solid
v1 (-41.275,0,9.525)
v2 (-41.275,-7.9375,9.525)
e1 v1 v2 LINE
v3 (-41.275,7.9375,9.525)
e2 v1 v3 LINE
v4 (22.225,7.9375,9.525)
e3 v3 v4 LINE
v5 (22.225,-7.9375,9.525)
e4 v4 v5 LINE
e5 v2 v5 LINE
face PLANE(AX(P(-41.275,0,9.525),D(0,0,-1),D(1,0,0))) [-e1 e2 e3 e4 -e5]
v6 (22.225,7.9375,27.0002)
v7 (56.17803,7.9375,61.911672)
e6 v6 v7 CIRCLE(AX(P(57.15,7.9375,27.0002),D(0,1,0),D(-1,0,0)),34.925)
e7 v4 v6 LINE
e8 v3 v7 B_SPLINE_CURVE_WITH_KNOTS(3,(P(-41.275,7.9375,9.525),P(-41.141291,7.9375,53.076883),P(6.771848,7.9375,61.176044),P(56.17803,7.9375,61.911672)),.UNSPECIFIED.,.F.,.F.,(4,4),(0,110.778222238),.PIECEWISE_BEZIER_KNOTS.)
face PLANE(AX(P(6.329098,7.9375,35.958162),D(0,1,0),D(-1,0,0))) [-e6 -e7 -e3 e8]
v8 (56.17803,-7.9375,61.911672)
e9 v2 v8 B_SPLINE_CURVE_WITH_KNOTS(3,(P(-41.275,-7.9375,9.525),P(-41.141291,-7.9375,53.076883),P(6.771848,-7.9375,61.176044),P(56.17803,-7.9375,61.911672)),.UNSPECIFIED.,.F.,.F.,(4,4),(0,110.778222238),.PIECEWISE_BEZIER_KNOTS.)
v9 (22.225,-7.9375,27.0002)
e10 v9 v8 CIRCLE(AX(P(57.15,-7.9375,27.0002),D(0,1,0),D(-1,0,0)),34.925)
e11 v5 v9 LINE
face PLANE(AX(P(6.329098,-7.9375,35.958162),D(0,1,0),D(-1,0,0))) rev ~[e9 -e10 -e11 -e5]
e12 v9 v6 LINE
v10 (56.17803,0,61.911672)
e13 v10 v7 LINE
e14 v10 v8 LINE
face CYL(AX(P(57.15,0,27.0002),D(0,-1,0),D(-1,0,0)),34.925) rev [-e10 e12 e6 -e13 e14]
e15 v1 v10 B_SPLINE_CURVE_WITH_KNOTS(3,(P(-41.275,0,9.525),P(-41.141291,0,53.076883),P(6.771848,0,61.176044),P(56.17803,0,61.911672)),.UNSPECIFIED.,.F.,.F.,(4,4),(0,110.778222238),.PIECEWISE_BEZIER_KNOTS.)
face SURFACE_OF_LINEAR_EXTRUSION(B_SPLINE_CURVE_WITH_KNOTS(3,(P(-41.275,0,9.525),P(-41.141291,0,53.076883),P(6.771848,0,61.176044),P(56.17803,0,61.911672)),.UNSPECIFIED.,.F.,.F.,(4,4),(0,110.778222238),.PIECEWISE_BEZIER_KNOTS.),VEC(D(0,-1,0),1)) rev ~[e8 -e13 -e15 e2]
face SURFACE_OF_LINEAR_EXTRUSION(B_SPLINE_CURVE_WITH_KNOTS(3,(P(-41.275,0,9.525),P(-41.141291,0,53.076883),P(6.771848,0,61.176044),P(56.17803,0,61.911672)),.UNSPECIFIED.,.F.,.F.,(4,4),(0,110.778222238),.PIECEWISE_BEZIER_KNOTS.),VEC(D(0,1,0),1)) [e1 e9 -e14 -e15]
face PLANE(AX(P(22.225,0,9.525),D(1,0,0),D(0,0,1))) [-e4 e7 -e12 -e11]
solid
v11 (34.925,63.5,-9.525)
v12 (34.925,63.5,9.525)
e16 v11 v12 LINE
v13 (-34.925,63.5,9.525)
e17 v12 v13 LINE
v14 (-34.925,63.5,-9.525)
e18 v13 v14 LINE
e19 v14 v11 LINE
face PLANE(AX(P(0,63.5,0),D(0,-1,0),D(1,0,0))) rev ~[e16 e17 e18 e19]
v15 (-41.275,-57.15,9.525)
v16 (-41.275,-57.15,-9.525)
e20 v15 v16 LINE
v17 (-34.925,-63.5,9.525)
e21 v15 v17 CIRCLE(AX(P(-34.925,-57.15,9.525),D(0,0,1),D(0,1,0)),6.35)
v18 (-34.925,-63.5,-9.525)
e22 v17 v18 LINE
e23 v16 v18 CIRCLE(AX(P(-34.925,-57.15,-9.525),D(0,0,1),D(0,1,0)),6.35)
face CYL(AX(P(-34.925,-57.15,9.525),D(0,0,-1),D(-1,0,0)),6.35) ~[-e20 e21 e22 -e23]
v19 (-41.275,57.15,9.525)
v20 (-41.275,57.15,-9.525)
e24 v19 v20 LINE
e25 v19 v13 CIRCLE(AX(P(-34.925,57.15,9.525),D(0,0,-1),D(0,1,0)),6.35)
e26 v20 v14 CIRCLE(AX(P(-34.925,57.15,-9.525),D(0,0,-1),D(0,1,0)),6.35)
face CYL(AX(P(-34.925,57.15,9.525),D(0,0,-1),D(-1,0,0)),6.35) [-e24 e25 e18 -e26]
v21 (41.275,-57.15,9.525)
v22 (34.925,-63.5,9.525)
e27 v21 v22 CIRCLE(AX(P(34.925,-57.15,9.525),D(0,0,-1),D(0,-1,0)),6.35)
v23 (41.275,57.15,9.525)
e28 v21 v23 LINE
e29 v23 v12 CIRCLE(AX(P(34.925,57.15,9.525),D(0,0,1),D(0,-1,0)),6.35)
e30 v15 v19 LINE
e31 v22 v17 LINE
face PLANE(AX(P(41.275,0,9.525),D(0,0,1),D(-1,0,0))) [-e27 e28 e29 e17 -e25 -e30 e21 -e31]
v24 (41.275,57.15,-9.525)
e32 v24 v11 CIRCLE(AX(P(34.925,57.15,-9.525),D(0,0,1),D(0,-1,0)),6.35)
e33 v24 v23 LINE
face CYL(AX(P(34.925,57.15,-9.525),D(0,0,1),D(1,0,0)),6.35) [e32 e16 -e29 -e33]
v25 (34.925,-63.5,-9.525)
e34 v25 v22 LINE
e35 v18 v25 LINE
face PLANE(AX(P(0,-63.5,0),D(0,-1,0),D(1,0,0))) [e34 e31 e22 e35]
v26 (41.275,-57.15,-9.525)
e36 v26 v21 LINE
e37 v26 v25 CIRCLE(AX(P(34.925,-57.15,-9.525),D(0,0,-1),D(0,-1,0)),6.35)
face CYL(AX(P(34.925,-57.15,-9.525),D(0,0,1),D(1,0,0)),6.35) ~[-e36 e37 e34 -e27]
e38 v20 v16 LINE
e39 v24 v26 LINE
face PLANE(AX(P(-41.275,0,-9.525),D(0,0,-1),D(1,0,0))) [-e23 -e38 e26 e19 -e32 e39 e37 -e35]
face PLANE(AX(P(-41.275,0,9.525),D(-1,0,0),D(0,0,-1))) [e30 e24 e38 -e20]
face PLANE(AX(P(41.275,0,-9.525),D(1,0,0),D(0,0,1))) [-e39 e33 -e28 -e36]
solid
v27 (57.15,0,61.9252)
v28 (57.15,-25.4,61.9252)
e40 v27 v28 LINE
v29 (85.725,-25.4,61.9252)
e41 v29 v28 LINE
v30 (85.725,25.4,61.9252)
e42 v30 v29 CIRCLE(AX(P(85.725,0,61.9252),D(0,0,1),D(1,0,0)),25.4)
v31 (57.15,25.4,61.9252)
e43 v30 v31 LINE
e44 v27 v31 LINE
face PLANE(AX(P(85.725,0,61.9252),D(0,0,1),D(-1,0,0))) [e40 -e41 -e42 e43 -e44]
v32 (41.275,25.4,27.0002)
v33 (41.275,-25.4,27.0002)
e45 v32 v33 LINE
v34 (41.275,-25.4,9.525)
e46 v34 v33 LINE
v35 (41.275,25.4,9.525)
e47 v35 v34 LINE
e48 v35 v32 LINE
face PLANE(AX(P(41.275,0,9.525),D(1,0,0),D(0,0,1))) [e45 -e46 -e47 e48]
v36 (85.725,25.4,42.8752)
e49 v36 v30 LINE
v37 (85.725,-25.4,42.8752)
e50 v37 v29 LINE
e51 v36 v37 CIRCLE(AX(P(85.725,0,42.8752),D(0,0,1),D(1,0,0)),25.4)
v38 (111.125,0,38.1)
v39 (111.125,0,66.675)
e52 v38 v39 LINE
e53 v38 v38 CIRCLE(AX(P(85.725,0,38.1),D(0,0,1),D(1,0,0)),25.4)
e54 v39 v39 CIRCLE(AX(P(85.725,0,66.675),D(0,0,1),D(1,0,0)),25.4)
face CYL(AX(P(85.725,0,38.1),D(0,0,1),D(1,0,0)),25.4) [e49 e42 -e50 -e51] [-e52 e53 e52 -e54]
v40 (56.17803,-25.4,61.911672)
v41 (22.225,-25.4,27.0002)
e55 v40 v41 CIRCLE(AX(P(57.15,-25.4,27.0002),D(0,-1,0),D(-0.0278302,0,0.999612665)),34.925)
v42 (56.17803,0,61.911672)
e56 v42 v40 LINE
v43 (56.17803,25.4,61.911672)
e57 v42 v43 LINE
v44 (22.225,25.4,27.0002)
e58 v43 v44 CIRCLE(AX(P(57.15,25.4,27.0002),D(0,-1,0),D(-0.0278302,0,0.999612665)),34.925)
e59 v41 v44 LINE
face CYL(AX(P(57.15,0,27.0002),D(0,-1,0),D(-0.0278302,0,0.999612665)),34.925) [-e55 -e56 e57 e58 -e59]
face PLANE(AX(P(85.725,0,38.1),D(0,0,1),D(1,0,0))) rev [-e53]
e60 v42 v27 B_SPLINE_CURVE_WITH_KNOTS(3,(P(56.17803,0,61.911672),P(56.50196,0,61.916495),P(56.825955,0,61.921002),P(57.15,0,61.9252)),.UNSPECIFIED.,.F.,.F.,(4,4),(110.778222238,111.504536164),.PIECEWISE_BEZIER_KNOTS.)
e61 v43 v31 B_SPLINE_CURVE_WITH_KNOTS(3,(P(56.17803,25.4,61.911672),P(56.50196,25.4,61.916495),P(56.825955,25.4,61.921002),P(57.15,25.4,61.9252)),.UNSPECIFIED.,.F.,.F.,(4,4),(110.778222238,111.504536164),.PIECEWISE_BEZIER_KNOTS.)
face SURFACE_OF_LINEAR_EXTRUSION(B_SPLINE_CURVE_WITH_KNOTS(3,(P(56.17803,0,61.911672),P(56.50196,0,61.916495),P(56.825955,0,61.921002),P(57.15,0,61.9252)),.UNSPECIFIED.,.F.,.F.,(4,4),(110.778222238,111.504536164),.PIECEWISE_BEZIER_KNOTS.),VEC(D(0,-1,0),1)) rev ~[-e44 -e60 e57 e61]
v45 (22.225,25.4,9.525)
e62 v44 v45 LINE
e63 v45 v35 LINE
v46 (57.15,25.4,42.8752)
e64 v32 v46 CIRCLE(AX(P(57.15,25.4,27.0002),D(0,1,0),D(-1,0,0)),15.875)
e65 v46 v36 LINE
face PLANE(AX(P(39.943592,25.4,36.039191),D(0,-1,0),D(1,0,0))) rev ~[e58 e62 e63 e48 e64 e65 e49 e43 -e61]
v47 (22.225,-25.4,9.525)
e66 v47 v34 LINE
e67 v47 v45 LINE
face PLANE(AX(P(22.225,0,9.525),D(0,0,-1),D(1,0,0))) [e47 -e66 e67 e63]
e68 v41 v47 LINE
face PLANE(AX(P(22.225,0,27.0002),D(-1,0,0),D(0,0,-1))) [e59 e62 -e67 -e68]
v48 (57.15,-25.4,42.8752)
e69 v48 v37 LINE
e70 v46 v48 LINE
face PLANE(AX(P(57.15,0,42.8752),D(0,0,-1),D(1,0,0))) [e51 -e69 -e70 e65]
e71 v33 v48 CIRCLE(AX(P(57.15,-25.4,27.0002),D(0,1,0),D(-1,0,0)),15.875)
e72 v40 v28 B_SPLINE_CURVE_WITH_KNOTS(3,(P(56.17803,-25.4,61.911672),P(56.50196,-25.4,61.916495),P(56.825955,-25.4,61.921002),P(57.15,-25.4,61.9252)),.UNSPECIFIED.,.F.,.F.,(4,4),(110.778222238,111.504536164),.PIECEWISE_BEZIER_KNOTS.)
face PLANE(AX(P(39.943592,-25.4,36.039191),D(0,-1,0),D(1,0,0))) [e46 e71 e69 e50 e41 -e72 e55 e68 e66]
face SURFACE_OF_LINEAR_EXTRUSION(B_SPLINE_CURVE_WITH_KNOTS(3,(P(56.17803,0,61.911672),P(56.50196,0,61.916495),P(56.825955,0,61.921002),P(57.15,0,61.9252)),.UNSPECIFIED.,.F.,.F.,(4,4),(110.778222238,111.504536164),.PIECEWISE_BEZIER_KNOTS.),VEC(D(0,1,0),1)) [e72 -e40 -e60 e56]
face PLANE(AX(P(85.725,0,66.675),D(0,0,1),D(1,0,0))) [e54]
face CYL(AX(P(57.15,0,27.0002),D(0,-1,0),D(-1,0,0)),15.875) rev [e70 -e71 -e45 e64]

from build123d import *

# Parameters (mm, degrees)
F1_DEPTH = 63.5
F0_W     = 25.4
F0_H     = 19.05
F2_DEPTH = 25.4
F3_DEPTH = 7.9375
F5_R     = 6.35


with BuildPart() as f1:
    # F0 (on Front) → F1 (new body, symmetric)
    with BuildSketch(Plane.XZ):
        Polygon((-41.275, 9.525), (-41.275, -9.525), (41.275, -9.525), (41.275, 9.525), (22.225, 9.525), align=None)
    extrude(amount=F1_DEPTH, both=True)

    # F5
    f5_edges = [f1.edges().sort_by_distance(p)[0] for p in [
        (-41.275, -63.5, 0),
        (41.275, -63.5, 0),
        (41.275, 63.5, 0),
        (-41.275, 63.5, 0),
    ]]
    fillet(f5_edges, radius=F5_R)


with BuildPart() as f2:
    # F0 (on Front) → F2 (new body, symmetric)
    with BuildSketch(Plane.XZ):
        with BuildLine():
            Line((22.225, 9.525), (41.275, 9.525))
            Line((41.275, 9.525), (41.275, 27.0002))
            ThreePointArc((41.275, 27.0002), (45.9246798487, 38.2255201513), (57.15, 42.8752))
            Line((57.15, 42.8752), (60.325, 42.8752))
            Line((60.325, 42.8752), (60.325, 61.9252))
            Line((60.325, 61.9252), (57.15, 61.9252))
            add(Edge.make_bspline(
                [(56.1780302575, 61.9116723239), (56.5019603383, 61.9164954486), (56.825954601, 61.921002035), (57.15, 61.9252)],
                knots=[110.7782222377, 110.7782222377, 110.7782222377, 110.7782222377, 111.5045361635, 111.5045361635, 111.5045361635, 111.5045361635], degree=3))
            ThreePointArc((56.1780302575, 61.9116723239), (32.1130106816, 51.3498363602), (22.225, 27.0002))
            Line((22.225, 27.0002), (22.225, 9.525))
        make_face()
        with Locations((73.025, 52.4002)):
            Rectangle(F0_W, F0_H)
    extrude(amount=F2_DEPTH, both=True)

    # F0 (on Front) → F4 (revolve)
    with BuildSketch(Plane.XZ):
        Polygon((85.725, 66.675), (85.725, 61.9252), (85.725, 42.8752), (85.725, 38.1), (111.125, 38.1), (111.125, 66.675), align=None)
    revolve(axis=Axis((85.725, 0, 52.3875), (0, 0, 1)))


with BuildPart() as f3:
    # F0 (on Front) → F3 (new body, symmetric)
    with BuildSketch(Plane.XZ):
        with BuildLine():
            add(Edge.make_bspline(
                [(-41.275, 9.525), (-41.1412914304, 53.0768825952), (6.7718476056, 61.1760438853), (56.1780302575, 61.9116723239)],
                knots=[0, 0, 0, 0, 110.7782222377, 110.7782222377, 110.7782222377, 110.7782222377], degree=3))
            Line((-41.275, 9.525), (22.225, 9.525))
            Line((22.225, 9.525), (22.225, 27.0002))
            ThreePointArc((22.225, 27.0002), (32.1130106816, 51.3498363602), (56.1780302575, 61.9116723239))
        make_face()
    extrude(amount=F3_DEPTH, both=True)


solid = Compound([f1.part, f2.part, f3.part])
